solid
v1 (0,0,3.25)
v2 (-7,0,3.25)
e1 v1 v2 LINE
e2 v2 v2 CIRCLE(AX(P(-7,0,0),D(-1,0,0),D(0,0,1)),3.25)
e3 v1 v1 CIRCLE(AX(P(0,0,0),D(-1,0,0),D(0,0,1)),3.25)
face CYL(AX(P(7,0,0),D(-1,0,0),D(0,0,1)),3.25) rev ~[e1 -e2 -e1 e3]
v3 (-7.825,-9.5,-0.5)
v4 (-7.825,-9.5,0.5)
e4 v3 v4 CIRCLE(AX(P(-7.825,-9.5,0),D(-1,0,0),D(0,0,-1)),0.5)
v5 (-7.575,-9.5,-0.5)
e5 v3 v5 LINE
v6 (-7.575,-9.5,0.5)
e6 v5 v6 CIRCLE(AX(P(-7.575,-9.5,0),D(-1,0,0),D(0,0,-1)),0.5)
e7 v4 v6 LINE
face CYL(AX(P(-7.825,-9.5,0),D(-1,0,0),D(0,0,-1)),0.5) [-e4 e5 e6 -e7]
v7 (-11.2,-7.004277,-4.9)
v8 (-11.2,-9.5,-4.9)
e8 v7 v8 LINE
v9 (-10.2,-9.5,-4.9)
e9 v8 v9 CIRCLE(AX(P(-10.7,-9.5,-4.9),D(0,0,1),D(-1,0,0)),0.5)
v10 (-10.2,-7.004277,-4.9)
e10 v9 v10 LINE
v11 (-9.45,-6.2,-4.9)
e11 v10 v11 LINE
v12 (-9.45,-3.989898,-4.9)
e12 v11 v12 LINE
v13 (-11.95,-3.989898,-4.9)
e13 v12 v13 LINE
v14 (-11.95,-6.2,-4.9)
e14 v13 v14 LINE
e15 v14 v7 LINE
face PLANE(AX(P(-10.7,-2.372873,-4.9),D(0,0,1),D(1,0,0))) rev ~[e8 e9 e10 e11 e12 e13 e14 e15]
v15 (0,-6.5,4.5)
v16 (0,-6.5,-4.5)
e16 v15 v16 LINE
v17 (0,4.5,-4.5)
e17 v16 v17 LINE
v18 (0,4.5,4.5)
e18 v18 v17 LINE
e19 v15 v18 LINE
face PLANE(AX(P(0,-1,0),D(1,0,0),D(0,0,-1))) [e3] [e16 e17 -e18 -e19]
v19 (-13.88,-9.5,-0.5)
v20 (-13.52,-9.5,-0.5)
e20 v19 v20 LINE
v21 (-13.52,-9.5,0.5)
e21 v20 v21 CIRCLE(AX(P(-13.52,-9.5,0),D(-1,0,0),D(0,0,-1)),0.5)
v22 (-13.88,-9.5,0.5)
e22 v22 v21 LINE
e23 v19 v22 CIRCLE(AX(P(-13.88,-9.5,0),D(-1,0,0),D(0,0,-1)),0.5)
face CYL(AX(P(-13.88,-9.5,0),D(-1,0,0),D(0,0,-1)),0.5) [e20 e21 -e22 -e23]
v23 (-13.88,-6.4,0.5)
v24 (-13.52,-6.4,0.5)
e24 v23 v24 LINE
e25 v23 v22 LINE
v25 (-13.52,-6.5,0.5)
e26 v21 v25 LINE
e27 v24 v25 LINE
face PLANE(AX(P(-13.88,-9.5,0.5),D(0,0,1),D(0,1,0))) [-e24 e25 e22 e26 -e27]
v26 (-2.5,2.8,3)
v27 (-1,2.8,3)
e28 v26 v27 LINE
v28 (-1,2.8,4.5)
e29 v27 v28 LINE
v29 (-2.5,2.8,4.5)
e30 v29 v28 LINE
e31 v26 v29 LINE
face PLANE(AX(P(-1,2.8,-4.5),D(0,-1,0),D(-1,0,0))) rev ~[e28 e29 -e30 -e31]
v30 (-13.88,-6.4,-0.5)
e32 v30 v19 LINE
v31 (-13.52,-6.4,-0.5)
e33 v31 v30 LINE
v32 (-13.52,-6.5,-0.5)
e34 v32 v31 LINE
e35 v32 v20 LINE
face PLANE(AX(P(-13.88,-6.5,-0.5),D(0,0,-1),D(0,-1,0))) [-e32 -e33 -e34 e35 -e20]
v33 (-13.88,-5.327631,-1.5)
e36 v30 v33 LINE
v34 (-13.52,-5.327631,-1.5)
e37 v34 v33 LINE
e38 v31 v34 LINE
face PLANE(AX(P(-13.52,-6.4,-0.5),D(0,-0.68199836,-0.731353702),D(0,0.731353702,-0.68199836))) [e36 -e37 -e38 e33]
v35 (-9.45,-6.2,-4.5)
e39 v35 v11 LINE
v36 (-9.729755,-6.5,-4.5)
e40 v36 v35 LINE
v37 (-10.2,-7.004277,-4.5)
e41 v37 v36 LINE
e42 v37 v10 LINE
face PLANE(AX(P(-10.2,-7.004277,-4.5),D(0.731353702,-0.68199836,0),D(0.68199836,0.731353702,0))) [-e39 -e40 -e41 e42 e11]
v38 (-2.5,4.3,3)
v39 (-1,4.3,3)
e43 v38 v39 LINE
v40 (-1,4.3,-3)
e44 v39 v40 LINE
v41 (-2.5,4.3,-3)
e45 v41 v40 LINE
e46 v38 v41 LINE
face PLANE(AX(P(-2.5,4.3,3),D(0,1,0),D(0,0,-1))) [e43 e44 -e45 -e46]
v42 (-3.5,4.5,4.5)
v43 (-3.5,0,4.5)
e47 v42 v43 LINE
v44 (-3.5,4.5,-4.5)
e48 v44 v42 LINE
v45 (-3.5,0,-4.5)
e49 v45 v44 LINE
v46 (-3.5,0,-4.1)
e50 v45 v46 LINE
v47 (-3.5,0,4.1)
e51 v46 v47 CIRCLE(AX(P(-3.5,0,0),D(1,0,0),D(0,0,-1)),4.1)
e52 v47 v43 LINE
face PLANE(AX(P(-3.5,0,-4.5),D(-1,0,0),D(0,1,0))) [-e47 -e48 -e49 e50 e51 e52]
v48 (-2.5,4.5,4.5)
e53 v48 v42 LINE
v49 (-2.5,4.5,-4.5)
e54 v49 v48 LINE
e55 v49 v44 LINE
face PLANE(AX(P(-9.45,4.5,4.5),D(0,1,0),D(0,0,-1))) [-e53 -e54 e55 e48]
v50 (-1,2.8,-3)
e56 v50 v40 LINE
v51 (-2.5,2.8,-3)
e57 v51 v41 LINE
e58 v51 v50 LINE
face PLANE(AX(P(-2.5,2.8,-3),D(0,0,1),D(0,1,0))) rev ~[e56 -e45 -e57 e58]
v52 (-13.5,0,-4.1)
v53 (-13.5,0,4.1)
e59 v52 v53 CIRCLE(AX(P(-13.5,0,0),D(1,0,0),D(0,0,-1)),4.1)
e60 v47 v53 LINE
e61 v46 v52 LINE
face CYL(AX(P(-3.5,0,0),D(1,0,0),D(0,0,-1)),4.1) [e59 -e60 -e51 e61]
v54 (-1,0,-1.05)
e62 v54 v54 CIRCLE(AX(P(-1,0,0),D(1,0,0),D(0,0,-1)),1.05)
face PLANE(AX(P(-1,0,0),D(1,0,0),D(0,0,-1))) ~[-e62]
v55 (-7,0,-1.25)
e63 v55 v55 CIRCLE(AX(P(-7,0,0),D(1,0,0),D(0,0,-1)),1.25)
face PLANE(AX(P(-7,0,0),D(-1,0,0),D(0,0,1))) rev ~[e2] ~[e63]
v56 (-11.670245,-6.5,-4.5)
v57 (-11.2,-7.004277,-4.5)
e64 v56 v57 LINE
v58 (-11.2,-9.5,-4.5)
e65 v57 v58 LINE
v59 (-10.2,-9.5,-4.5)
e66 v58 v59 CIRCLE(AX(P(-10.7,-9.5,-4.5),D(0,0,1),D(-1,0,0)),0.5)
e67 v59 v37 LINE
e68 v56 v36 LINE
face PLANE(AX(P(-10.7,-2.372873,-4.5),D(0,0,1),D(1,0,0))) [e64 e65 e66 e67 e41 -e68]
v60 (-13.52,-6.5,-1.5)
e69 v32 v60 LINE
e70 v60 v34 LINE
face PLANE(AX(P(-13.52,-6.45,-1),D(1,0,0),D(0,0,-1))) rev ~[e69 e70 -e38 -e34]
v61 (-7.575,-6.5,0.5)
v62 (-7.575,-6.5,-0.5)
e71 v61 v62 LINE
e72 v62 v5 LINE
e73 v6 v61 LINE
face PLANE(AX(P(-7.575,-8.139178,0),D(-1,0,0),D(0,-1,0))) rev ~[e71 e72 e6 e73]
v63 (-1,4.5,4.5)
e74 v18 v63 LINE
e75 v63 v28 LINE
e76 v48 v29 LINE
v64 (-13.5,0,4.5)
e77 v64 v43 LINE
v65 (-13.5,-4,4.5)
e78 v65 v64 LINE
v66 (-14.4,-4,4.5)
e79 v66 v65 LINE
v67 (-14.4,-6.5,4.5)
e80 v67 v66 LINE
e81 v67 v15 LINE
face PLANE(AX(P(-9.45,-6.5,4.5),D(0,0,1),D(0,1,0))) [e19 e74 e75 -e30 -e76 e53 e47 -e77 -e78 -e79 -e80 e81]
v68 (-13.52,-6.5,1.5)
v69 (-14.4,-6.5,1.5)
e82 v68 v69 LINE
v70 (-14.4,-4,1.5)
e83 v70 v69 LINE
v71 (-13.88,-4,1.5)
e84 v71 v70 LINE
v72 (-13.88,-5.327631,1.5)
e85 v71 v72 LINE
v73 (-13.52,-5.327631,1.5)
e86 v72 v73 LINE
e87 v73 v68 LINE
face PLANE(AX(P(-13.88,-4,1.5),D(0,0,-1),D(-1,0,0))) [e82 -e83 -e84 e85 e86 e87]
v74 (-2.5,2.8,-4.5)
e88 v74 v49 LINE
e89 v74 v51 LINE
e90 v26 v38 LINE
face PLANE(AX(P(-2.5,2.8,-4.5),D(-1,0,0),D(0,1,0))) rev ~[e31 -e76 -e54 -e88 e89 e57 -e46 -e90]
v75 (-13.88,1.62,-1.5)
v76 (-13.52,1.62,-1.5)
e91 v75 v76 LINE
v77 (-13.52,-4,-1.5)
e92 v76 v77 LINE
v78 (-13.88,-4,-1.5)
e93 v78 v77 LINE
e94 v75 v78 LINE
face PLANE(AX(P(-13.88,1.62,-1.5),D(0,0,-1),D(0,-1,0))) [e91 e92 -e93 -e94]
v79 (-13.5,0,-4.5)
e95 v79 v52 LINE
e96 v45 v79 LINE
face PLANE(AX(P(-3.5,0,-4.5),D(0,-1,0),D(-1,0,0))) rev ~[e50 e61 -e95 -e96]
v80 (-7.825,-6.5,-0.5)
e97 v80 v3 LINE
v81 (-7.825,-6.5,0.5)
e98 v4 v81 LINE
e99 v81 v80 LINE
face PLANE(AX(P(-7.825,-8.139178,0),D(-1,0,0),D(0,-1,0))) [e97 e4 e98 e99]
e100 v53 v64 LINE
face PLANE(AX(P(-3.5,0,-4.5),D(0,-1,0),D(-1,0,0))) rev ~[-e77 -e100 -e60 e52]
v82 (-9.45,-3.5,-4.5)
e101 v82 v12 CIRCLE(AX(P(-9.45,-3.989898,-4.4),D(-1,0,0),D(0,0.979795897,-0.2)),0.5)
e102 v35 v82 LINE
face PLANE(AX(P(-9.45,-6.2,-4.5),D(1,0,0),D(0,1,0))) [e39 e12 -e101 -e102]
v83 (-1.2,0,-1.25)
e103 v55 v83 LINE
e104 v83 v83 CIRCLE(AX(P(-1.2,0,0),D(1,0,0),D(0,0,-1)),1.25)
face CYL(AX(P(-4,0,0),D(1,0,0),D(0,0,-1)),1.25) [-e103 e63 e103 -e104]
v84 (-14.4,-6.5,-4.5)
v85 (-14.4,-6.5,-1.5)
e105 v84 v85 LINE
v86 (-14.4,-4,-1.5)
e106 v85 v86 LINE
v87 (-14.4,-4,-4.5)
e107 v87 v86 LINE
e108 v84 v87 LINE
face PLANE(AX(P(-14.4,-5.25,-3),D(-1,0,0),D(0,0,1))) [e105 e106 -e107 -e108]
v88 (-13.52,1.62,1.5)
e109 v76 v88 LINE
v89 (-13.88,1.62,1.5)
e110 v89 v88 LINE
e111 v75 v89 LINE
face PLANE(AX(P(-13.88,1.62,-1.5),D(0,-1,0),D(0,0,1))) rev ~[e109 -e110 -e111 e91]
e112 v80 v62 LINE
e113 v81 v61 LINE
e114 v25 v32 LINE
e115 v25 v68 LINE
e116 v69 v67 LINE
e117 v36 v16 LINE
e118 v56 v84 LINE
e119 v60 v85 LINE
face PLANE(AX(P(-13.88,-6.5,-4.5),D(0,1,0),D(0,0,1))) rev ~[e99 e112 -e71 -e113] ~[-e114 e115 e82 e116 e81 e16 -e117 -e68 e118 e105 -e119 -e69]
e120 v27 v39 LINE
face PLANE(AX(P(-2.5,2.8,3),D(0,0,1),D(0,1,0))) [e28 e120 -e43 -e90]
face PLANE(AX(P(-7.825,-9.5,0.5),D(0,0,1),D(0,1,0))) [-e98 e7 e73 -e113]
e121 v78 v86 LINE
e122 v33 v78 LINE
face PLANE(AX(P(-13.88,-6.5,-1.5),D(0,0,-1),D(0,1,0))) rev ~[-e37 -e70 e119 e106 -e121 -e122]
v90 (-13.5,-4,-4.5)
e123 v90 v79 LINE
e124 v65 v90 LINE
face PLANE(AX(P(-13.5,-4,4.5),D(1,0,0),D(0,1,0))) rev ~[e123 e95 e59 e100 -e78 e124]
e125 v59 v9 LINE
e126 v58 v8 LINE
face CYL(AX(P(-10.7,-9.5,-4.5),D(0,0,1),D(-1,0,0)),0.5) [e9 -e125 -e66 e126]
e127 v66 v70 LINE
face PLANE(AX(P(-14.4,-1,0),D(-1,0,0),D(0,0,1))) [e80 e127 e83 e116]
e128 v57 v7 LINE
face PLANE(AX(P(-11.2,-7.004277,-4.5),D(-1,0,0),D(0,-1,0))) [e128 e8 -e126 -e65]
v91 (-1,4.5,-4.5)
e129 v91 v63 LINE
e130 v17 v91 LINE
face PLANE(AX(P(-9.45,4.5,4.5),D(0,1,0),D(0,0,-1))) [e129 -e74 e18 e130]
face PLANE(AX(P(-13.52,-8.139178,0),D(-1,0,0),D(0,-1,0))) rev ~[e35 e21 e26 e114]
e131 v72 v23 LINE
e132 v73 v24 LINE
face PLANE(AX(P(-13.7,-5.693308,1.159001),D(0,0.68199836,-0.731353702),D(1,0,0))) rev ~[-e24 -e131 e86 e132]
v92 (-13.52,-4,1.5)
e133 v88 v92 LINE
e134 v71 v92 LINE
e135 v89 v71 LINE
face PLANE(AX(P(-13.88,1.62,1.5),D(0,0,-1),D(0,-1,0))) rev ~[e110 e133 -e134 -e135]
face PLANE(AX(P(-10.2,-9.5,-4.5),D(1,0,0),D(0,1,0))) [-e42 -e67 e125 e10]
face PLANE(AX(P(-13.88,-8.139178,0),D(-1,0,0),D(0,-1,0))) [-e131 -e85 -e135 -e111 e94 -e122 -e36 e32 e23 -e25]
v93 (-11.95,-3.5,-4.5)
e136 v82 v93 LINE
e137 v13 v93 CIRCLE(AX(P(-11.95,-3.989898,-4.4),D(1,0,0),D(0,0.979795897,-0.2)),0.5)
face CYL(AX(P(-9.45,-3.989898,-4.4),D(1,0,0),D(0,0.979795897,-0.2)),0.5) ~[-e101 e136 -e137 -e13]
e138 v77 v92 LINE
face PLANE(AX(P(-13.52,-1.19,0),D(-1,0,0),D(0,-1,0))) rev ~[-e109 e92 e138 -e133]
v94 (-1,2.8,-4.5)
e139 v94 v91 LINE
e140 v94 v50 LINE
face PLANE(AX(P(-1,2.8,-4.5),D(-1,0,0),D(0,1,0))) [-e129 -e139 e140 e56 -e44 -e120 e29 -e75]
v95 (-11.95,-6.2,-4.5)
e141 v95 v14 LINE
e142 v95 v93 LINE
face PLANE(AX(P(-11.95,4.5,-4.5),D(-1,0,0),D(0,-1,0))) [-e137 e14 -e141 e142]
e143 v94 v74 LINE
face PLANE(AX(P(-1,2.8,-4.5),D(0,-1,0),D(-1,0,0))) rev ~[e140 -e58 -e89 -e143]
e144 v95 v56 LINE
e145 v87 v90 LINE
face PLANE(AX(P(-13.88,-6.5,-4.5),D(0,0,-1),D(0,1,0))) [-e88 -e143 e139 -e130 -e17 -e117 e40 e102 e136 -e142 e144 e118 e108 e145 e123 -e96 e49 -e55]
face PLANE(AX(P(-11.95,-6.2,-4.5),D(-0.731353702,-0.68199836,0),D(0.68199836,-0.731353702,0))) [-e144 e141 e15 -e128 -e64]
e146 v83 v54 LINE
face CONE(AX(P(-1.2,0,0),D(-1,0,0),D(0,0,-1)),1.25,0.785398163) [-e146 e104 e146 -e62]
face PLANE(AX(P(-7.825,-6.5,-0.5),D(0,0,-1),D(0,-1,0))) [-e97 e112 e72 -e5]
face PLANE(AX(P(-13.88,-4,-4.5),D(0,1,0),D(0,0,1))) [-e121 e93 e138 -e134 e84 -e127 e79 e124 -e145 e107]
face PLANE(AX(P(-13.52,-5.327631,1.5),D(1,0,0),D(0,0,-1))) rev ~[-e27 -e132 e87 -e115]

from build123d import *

# Parameters (mm, degrees)
SKETCH1_W                      = 11
SKETCH1_H                      = 9
BOSS_EXTRUDE1_DEPTH            = 2.5
BOSS_EXTRUDE2_DEPTH            = 0.4
CUT_EXTRUDE1_DEPTH             = 12.41315031
SKETCH4_W                      = 9
SKETCH4_H                      = 11
BOSS_EXTRUDE3_DEPTH            = 2.45
SKETCH5_W                      = 9
SKETCH5_H                      = 11
BOSS_EXTRUDE4_DEPTH            = 9.45
SKETCH6_W                      = 0.9
SKETCH6_H                      = 8.5
CUT_EXTRUDE2_DEPTH             = 20.892712233
SKETCH7_W                      = 0.52
SKETCH7_H                      = 6
CUT_EXTRUDE3_DEPTH             = 18.424695119
SKETCH8_W                      = 5.62
SKETCH8_H                      = 3
BOSS_EXTRUDE5_DEPTH            = 0.36
SKETCH9_W                      = 3
SKETCH9_H                      = 2.5
BOSS_EXTRUDE6_DEPTH            = 0.52
CUT_EXTRUDE4_REACH             = 19.516
SKETCH11_W                     = 1
SKETCH11_H                     = 0.1
BOSS_EXTRUDE7_DEPTH            = 0.36
CUT_EXTRUDE5_REACH             = 20.109
SKETCH14_W                     = 0.36
SKETCH14_H                     = 1
SKETCH15_W                     = 10
SKETCH15_H                     = 4.5
CUT_EXTRUDE6_DEPTH             = 20.7068516
BOSS_EXTRUDE8_DEPTH            = 10
SKETCH17_W                     = 1.5
SKETCH17_H                     = 1.7
CUT_EXTRUDE7_DEPTH             = 20.7068516
SKETCH18_W                     = 6
SKETCH18_H                     = 1.5
BOSS_EXTRUDE9_DEPTH            = 1.5
BOSS_EXTRUDE10_DEPTH           = 0.25
F_6_5_6_5_DIAMETER_HOLE1_D     = 6.5
F_6_5_6_5_DIAMETER_HOLE1_DEPTH = 7
DRAFT1_ANGLE                   = -47
DRAFT2_ANGLE                   = 47
SKETCH22_W                     = 6
SKETCH22_H                     = 1.25
CHAMFER1_SIZE                  = 0.2


with BuildPart() as part:
    # Sketch1 → Boss-Extrude1 (new body)
    with BuildSketch(Plane(origin=(-11.95, 0, 0), x_dir=(0, -1, 0), z_dir=(-1, 0, 0))):
        with Locations((1, 0)):
            Rectangle(SKETCH1_W, SKETCH1_H)
    extrude(amount=-BOSS_EXTRUDE1_DEPTH)

    # Sketch2 → Boss-Extrude2 (add)
    with BuildSketch(Plane(origin=(0, 0, -4.5), x_dir=(-1, 0, 0), z_dir=(0, 0, -1))):
        with BuildLine():
            Line((10.2, -9.5), (10.2, -7.004276533))
            Line((10.2, -7.004276533), (9.45, -6.2))
            Line((9.45, -6.2), (9.45, 4.5))
            Line((9.45, 4.5), (11.95, 4.5))
            Line((11.95, 4.5), (11.95, -6.2))
            Line((11.95, -6.2), (11.2, -7.004276533))
            Line((11.2, -7.004276533), (11.2, -9.5))
            ThreePointArc((11.2, -9.5), (10.7, -10), (10.2, -9.5))
        make_face()
    extrude(amount=BOSS_EXTRUDE2_DEPTH)

    # Sketch3 → Cut-Extrude1 (cut, through all)
    with BuildSketch(Plane(origin=(-9.45, 0, 0), x_dir=(0, 0, -1), z_dir=(1, 0, 0))):
        with BuildLine():
            Line((4.9, 4.5), (4.5, 4.5))
            Line((4.5, 4.5), (4.5, -3.5))
            ThreePointArc((4.5, -3.5), (4.787298335, -3.673670183), (4.9, -3.989897949))
            Line((4.9, -3.989897949), (4.9, 4.5))
        make_face()
    extrude(amount=-CUT_EXTRUDE1_DEPTH, mode=Mode.SUBTRACT)

    # Sketch4 → Boss-Extrude3 (add)
    with BuildSketch(Plane.ZY.offset(11.95)):
        with Locations((0, -1)):
            Rectangle(SKETCH4_W, SKETCH4_H)
    extrude(amount=BOSS_EXTRUDE3_DEPTH)

    # Sketch5 → Boss-Extrude4 (add)
    with BuildSketch(Plane(origin=(-9.45, 0, 0), x_dir=(0, 0, -1), z_dir=(1, 0, 0))):
        with Locations((0, -1)):
            Rectangle(SKETCH5_W, SKETCH5_H)
    extrude(amount=BOSS_EXTRUDE4_DEPTH)

    # Sketch6 → Cut-Extrude2 (cut, through all)
    with BuildSketch(Plane.XY.offset(4.5)):
        with Locations((-13.95, 0.25)):
            Rectangle(SKETCH6_W, SKETCH6_H)
    extrude(amount=-CUT_EXTRUDE2_DEPTH, mode=Mode.SUBTRACT)

    # Sketch7 → Cut-Extrude3 (cut, through all)
    with BuildSketch(Plane(origin=(0, -4, 0), x_dir=(-1, 0, 0), z_dir=(0, 1, 0))):
        with Locations((14.14, -1.5)):
            Rectangle(SKETCH7_W, SKETCH7_H)
    extrude(amount=-CUT_EXTRUDE3_DEPTH, mode=Mode.SUBTRACT)

    # Sketch8 → Boss-Extrude5 (add)
    with BuildSketch(Plane(origin=(-13.88, 0, 0), x_dir=(0, -1, 0), z_dir=(-1, 0, 0))):
        with Locations((1.19, 0)):
            Rectangle(SKETCH8_W, SKETCH8_H)
    extrude(amount=-BOSS_EXTRUDE5_DEPTH)

    # Sketch9 → Boss-Extrude6 (add)
    with BuildSketch(Plane.ZY.offset(13.88)):
        with Locations((-3, -5.25)):
            Rectangle(SKETCH9_W, SKETCH9_H)
    extrude(amount=BOSS_EXTRUDE6_DEPTH)

    # Sketch11 → Cut-Extrude4 (cut, up to next)
    with BuildSketch(Plane(origin=(-13.52, 0, 0), x_dir=(0, 0, -1), z_dir=(1, 0, 0)), mode=Mode.PRIVATE) as cut_extrude4_sk1:
        with Locations((1, -6.45)):
            Rectangle(SKETCH11_W, SKETCH11_H)
    cut_extrude4_tool1 = extrude(cut_extrude4_sk1.sketch, amount=-CUT_EXTRUDE4_REACH, mode=Mode.PRIVATE) & part.part
    add(cut_extrude4_tool1.solids().sort_by_distance((-13.52, -6.45, -1))[0], mode=Mode.SUBTRACT)

    # Sketch12 → Boss-Extrude7 (add)
    with BuildSketch(Plane(origin=(-13.88, 0, 0), x_dir=(0, -1, 0), z_dir=(-1, 0, 0))):
        with BuildLine():
            Line((9.5, 0.5), (6.5, 0.5))
            Line((6.5, 0.5), (6.5, -0.5))
            Line((6.5, -0.5), (9.5, -0.5))
            ThreePointArc((9.5, -0.5), (10, 0), (9.5, 0.5))
        make_face()
    extrude(amount=-BOSS_EXTRUDE7_DEPTH)

    # Sketch14 → Cut-Extrude5 (cut, up to next)
    with BuildSketch(Plane(origin=(0, -5.32763129, 0), x_dir=(1, 0, 0), z_dir=(0, 1, 0)), mode=Mode.PRIVATE) as cut_extrude5_sk1:
        with Locations((-13.7, -1)):
            Rectangle(SKETCH14_W, SKETCH14_H)
    cut_extrude5_tool1 = extrude(cut_extrude5_sk1.sketch, amount=-CUT_EXTRUDE5_REACH, mode=Mode.PRIVATE) & part.part
    add(cut_extrude5_tool1.solids().sort_by_distance((-13.7, -5.327631, 1))[0], mode=Mode.SUBTRACT)

    # Sketch15 → Cut-Extrude6 (cut, through all)
    with BuildSketch(Plane(origin=(0, 0, -4.5), x_dir=(-1, 0, 0), z_dir=(0, 0, -1))):
        with Locations((8.5, 2.25)):
            Rectangle(SKETCH15_W, SKETCH15_H)
    extrude(amount=-CUT_EXTRUDE6_DEPTH, mode=Mode.SUBTRACT)

    # Sketch16 → Boss-Extrude8 (add)
    with BuildSketch(Plane.ZY.offset(3.5)):
        with BuildLine():
            Line((4.1, 0), (-4.1, 0))
            ThreePointArc((-4.1, 0), (0, 4.1), (4.1, 0))
        make_face()
    extrude(amount=BOSS_EXTRUDE8_DEPTH)

    # Sketch17 → Cut-Extrude7 (cut, through all)
    with BuildSketch(Plane(origin=(0, 0, -4.5), x_dir=(-1, 0, 0), z_dir=(0, 0, -1))):
        with Locations((1.75, 3.65)):
            Rectangle(SKETCH17_W, SKETCH17_H)
    extrude(amount=-CUT_EXTRUDE7_DEPTH, mode=Mode.SUBTRACT)

    # Sketch18 → Boss-Extrude9 (add)
    with BuildSketch(Plane(origin=(-2.5, 0, 0), x_dir=(0, 0, -1), z_dir=(1, 0, 0))):
        with Locations((0, 3.55)):
            Rectangle(SKETCH18_W, SKETCH18_H)
    extrude(amount=BOSS_EXTRUDE9_DEPTH)

    # Sketch19 → Boss-Extrude10 (add)
    with BuildSketch(Plane(origin=(-7.825, 0, 0), x_dir=(0, -1, 0), z_dir=(-1, 0, 0))):
        with BuildLine():
            Line((9.5, 0.5), (6.5, 0.5))
            Line((6.5, 0.5), (6.5, -0.5))
            Line((6.5, -0.5), (9.5, -0.5))
            ThreePointArc((9.5, -0.5), (10, 0), (9.5, 0.5))
        make_face()
    extrude(amount=-BOSS_EXTRUDE10_DEPTH)

    # Ø6.5 (6.5) Diameter Hole1
    with Locations(Plane(origin=(0, 0, 0), x_dir=(0, 0, -1), z_dir=(1, 0, 0))):
        with Locations((0, 0)):
            Hole(F_6_5_6_5_DIAMETER_HOLE1_D / 2, depth=F_6_5_6_5_DIAMETER_HOLE1_DEPTH)

    # Draft1
    draft1_faces = [part.faces().sort_by_distance(p)[0] for p in [
        (-13.7, -5.32763129, 1),
    ]]
    draft(draft1_faces, Plane(origin=(-14.4, -10, 1.5), x_dir=(-1, 0, 0), z_dir=(0, 0, -1)), DRAFT1_ANGLE)

    # Draft2
    draft2_faces = [part.faces().sort_by_distance(p)[0] for p in [
        (-13.7, -6.4, -1),
    ]]
    draft(draft2_faces, Plane(origin=(-14.884987562, -6.4, -0.5), x_dir=(-1, 0, 0), z_dir=(0, 0, -1)), DRAFT2_ANGLE)

    # Sketch22 → Revolve1 (revolve)
    with BuildSketch(Plane.XY, mode=Mode.PRIVATE) as revolve1_sk:
        with Locations((-4, 0.625)):
            Rectangle(SKETCH22_W, SKETCH22_H)
    revolve(revolve1_sk.sketch.rotate(Axis((-7, 0, 0), (1, 0, 0)), 270), axis=Axis((-7, 0, 0), (1, 0, 0)))

    # Chamfer1
    chamfer1_edges = [part.edges().sort_by_distance(p)[0] for p in [
        (-1, 0, 1.25),
    ]]
    chamfer(chamfer1_edges, length=CHAMFER1_SIZE)


solid = part.part
